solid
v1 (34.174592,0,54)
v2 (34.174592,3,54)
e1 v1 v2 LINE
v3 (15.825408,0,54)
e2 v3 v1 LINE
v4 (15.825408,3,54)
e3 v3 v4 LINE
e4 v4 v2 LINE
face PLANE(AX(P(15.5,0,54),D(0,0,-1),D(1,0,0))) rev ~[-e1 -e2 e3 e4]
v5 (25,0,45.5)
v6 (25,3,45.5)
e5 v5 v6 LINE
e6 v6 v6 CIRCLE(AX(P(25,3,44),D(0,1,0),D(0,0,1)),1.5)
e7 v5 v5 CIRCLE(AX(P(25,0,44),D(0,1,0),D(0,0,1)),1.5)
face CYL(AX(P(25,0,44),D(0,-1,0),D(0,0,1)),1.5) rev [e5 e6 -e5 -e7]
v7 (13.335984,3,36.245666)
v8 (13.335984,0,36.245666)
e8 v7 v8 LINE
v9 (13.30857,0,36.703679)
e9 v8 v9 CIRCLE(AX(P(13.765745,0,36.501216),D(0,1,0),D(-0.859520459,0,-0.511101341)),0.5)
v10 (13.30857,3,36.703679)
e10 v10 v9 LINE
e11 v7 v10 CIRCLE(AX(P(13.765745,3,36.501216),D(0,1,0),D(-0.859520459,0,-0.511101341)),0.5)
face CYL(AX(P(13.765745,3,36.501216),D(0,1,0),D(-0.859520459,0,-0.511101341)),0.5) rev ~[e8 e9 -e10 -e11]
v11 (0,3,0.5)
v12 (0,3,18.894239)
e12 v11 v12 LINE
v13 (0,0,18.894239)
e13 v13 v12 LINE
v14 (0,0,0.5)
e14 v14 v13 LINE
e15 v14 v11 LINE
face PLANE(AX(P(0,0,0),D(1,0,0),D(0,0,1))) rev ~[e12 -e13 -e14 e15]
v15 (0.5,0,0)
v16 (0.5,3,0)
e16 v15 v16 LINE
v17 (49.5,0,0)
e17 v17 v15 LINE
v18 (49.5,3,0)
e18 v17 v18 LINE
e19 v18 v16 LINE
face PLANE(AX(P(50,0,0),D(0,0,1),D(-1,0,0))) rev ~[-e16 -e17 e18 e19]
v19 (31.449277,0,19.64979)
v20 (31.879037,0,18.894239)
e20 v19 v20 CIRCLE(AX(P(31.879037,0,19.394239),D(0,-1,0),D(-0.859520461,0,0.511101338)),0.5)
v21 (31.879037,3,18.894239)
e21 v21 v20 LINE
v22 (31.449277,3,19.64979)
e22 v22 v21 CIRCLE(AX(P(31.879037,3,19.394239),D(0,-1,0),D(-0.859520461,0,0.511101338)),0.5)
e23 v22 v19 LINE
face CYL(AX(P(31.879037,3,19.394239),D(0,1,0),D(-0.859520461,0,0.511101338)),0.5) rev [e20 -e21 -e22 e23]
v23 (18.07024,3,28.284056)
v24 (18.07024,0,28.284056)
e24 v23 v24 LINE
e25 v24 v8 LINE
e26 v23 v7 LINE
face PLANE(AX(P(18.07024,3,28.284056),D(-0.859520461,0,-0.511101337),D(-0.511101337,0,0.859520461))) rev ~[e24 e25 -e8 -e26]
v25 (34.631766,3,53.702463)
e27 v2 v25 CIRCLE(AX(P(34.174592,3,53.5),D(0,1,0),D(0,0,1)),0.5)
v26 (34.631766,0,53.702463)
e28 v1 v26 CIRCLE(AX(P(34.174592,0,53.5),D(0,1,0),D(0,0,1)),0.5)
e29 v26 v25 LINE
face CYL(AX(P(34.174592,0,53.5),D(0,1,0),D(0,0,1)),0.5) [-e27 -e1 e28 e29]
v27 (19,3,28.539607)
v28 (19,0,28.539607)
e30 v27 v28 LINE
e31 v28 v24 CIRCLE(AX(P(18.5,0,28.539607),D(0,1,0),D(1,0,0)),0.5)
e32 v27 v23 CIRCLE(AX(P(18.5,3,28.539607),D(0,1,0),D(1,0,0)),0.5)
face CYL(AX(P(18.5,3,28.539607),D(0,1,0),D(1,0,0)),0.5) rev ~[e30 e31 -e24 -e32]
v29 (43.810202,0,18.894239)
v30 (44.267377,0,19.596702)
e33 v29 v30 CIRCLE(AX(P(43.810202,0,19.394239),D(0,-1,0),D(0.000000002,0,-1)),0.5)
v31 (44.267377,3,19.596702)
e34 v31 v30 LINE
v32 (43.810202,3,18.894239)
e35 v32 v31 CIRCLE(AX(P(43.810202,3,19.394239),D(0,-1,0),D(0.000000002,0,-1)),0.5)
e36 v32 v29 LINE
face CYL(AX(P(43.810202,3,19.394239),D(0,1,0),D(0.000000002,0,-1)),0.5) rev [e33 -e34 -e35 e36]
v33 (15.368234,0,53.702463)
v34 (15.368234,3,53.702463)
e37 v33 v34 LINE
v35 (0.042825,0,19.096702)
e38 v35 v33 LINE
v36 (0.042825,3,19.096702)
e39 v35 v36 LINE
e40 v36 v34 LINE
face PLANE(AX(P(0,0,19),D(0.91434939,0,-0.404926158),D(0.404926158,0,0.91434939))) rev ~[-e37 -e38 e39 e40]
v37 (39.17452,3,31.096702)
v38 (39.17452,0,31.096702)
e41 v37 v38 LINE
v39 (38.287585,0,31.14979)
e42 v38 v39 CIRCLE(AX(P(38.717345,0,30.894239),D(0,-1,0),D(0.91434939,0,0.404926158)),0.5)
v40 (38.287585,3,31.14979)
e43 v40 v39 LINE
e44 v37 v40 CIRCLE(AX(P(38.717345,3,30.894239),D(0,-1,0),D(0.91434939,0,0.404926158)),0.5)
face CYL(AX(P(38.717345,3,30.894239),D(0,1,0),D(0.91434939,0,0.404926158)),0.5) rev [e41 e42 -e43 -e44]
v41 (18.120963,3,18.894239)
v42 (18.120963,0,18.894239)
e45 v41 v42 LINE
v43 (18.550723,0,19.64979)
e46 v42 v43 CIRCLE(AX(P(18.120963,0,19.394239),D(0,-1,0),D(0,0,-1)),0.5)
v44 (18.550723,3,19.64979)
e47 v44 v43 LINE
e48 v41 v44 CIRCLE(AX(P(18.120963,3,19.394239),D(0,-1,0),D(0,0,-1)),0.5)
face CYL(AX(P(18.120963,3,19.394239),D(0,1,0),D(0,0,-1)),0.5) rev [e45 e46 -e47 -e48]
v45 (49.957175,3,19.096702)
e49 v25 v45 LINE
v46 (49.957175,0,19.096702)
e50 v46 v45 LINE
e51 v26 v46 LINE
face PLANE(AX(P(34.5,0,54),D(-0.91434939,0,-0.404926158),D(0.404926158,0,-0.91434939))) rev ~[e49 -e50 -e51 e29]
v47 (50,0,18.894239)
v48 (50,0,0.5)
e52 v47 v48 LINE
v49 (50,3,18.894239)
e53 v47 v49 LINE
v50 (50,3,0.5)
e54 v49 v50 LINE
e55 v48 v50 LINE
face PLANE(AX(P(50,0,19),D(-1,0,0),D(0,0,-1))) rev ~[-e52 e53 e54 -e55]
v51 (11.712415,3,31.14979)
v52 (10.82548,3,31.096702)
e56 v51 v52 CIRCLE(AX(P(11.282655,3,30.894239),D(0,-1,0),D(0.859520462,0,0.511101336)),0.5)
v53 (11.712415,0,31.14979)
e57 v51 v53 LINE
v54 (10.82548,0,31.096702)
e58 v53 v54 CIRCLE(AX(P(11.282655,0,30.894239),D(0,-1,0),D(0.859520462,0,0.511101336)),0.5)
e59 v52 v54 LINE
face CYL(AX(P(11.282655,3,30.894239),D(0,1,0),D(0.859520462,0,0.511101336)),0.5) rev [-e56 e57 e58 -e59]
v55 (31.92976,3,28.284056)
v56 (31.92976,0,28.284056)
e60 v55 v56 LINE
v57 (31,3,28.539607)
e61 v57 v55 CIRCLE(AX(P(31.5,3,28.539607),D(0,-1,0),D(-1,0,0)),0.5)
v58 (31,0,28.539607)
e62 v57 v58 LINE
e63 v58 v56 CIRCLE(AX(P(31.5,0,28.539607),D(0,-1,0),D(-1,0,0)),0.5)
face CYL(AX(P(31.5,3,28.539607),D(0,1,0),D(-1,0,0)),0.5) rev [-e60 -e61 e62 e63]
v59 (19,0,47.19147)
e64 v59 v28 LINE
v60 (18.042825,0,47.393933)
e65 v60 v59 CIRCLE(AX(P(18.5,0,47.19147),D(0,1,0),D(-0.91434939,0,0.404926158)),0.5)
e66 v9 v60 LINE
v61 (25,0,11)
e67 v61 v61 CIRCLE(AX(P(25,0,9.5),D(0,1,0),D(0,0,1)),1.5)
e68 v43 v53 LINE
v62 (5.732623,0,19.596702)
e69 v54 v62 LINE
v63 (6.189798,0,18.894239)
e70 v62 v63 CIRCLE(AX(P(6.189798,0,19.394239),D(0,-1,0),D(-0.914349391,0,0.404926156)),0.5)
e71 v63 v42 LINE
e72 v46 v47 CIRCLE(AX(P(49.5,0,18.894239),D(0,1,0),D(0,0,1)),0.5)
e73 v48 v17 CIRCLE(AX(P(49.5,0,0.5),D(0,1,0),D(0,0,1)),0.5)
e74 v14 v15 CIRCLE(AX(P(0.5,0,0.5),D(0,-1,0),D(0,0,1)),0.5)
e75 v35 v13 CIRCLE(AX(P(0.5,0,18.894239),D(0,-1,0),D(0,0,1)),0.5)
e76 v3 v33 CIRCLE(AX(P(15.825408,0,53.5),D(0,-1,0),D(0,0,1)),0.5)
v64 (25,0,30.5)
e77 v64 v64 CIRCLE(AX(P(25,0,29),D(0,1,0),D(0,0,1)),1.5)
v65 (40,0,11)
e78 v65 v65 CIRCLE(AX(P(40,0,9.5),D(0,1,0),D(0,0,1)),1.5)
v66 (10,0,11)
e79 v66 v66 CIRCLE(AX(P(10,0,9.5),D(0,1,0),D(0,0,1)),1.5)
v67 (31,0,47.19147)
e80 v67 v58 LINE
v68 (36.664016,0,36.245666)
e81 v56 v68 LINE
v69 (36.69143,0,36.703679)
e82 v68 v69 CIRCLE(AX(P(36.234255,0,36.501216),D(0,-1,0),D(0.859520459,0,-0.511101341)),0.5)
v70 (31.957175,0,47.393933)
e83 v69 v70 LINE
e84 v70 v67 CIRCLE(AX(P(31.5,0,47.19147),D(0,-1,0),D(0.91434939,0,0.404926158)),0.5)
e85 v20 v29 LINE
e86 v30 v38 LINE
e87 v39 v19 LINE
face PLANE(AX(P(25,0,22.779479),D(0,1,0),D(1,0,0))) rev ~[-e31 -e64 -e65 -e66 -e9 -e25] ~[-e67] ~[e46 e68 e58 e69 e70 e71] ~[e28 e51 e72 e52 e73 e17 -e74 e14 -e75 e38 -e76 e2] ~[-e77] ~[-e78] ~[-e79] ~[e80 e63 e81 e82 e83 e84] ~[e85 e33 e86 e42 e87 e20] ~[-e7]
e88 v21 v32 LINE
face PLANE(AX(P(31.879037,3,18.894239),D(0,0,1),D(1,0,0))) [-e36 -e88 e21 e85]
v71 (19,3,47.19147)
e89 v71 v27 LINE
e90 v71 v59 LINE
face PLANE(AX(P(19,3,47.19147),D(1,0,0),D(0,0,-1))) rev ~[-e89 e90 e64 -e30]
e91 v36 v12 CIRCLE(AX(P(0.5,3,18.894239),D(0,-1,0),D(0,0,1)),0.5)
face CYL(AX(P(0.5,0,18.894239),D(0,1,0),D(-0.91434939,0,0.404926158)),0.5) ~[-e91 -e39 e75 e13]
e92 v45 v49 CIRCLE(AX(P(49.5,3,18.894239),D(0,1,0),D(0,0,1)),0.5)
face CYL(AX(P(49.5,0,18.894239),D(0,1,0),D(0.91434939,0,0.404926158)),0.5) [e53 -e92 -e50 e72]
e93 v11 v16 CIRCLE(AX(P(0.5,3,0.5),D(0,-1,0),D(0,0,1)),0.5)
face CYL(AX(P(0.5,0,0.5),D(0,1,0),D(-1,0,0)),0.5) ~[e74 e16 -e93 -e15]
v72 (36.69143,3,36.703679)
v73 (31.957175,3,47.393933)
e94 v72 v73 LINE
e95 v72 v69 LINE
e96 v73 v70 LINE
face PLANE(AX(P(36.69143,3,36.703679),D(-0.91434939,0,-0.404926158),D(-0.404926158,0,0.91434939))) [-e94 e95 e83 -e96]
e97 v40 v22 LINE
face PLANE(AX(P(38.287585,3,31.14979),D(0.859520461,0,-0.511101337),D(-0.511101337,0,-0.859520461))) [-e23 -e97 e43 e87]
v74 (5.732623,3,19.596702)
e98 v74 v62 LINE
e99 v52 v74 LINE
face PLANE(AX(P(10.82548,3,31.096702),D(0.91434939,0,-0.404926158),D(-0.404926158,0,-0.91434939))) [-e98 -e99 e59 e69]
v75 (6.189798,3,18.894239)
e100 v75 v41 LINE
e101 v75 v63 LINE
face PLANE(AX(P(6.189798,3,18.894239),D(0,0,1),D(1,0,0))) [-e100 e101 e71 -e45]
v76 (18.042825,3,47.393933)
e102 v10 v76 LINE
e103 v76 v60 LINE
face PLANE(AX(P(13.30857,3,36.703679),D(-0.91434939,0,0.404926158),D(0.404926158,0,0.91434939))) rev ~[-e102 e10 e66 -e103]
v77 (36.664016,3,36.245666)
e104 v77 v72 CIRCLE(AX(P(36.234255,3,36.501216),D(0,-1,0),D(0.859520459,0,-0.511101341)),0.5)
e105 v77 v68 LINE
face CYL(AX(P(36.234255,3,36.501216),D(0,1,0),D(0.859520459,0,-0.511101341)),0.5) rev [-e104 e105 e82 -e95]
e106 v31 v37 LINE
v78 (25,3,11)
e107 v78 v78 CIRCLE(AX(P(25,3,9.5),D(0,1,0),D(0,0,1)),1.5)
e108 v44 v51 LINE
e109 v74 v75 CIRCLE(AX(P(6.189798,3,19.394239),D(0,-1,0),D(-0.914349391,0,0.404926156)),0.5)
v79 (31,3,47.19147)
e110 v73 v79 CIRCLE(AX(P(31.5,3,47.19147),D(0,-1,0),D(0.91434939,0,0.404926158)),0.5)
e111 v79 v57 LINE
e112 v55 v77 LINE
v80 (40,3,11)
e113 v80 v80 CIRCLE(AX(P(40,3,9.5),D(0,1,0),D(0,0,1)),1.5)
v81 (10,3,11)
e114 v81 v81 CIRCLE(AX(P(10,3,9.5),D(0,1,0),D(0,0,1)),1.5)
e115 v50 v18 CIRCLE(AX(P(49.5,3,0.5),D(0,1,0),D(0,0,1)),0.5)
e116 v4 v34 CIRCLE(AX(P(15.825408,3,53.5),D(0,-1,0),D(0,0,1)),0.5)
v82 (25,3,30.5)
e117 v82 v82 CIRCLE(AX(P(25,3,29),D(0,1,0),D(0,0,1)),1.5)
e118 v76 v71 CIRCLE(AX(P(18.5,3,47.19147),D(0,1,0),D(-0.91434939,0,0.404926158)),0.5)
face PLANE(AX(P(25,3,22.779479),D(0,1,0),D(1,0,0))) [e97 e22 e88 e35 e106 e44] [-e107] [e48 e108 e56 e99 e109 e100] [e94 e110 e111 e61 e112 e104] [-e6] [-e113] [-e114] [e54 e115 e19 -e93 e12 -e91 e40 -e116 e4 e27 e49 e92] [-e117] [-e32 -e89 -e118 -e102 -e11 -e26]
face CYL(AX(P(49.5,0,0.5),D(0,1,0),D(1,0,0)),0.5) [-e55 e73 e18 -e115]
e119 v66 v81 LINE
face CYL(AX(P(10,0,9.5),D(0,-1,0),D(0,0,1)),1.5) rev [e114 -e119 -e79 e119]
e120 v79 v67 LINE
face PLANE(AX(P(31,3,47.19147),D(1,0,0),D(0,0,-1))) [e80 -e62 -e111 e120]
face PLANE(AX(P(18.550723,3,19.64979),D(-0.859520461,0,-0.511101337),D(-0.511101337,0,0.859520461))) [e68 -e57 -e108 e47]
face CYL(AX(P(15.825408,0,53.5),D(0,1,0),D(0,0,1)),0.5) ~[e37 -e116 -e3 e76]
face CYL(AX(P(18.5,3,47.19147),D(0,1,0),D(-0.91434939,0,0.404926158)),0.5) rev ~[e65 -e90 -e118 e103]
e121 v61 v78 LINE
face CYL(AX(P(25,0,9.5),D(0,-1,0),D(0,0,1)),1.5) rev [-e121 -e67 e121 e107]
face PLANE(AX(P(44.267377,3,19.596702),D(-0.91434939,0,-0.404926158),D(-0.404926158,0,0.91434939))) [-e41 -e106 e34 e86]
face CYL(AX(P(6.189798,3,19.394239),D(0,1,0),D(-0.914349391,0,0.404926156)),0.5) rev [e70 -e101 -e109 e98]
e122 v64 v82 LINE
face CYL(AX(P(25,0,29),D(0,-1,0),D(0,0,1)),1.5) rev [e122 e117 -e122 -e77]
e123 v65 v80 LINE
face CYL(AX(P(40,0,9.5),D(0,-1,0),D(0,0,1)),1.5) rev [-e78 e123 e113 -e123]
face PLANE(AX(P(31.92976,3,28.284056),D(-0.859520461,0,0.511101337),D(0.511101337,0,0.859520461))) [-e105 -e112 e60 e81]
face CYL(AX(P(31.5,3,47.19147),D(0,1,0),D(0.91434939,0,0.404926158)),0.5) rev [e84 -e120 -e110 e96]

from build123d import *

# Parameters (mm, degrees)
SKETCH1_R           = 1.5
BOSS_EXTRUDE2_DEPTH = 3
FILLET1_R           = 0.5
CUT_EXTRUDE1_DEPTH  = 3


with BuildPart() as part:
    # Sketch1 → Boss-Extrude2 (new body)
    with BuildSketch(Plane(origin=(0, 0, 0), x_dir=(1, 0, 0), z_dir=(0, 1, 0))):
        Polygon((15.5, -54), (34.5, -54), (50, -19), (50, 0), (0, 0), (0, -19), align=None)
        with Locations(Location((10, -9.5, 0), (0, 0, 270))):
            Circle(SKETCH1_R, mode=Mode.SUBTRACT)
        with Locations(Location((40, -9.5, 0), (0, 0, 270))):
            Circle(SKETCH1_R, mode=Mode.SUBTRACT)
        with Locations(Location((25, -44, 0), (0, 0, 270))):
            Circle(SKETCH1_R, mode=Mode.SUBTRACT)
        with Locations(Location((25, -29, 0), (0, 0, 270))):
            Circle(SKETCH1_R, mode=Mode.SUBTRACT)
        with Locations(Location((25, -9.5, 0), (0, 0, 270))):
            Circle(SKETCH1_R, mode=Mode.SUBTRACT)
    extrude(amount=BOSS_EXTRUDE2_DEPTH)

    # Fillet1
    fillet1_edges = [part.edges().sort_by_distance(p)[0] for p in [
        (50, 1.5, 0),
        (50, 1.5, 19),
        (34.5, 1.5, 54),
        (15.5, 1.5, 54),
        (0, 1.5, 19),
        (0, 1.5, 0),
    ]]
    fillet(fillet1_edges, radius=FILLET1_R)

    # Sketch2 → Cut-Extrude1 (cut)
    with BuildSketch(Plane(origin=(0, 3, 0), x_dir=(1, 0, 0), z_dir=(0, 1, 0))):
        with BuildLine():
            Line((6.189797727, -18.894239223), (18.120962557, -18.894239223))
            ThreePointArc((18.120962557, -18.894239223), (18.555574645, -19.147030136), (18.550722787, -19.649789891))
            Line((18.550722787, -19.649789891), (11.712415101, -31.149789891))
            ThreePointArc((11.712415101, -31.149789891), (11.25278078, -31.393345964), (10.825480175, -31.096702302))
            Line((10.825480175, -31.096702302), (5.732623032, -19.596702302))
            ThreePointArc((5.732623032, -19.596702302), (5.770732375, -19.121504498), (6.189797727, -18.894239223))
        make_face()
        with BuildLine():
            Line((18.070239769, -28.284056063), (13.335984482, -36.245665617))
            ThreePointArc((13.335984482, -36.245665617), (13.266637971, -36.471342196), (13.308570017, -36.703679365))
            Line((13.308570017, -36.703679365), (18.042825305, -47.39393324))
            ThreePointArc((18.042825305, -47.39393324), (18.603471379, -47.680646687), (19, -47.191470161))
            Line((19, -47.191470161), (19, -28.539606732))
            ThreePointArc((19, -28.539606732), (18.632513933, -28.057486355), (18.070239769, -28.284056063))
        make_face()
        with BuildLine():
            Line((38.287584899, -31.149789891), (31.449277213, -19.649789891))
            ThreePointArc((31.449277213, -19.649789891), (31.444425355, -19.147030136), (31.879037443, -18.894239223))
            Line((31.879037443, -18.894239223), (43.810202273, -18.894239223))
            ThreePointArc((43.810202273, -18.894239223), (44.229267625, -19.121504498), (44.267376968, -19.596702302))
            Line((44.267376968, -19.596702302), (39.174519825, -31.096702302))
            ThreePointArc((39.174519825, -31.096702302), (38.74721922, -31.393345964), (38.287584899, -31.149789891))
        make_face()
        with BuildLine():
            Line((31, -47.191470161), (31, -28.539606732))
            ThreePointArc((31, -28.539606732), (31.367486067, -28.057486355), (31.929760231, -28.284056063))
            Line((31.929760231, -28.284056063), (36.664015518, -36.245665617))
            ThreePointArc((36.664015518, -36.245665617), (36.733362029, -36.471342196), (36.691429983, -36.703679365))
            Line((36.691429983, -36.703679365), (31.957174695, -47.39393324))
            ThreePointArc((31.957174695, -47.39393324), (31.396528621, -47.680646687), (31, -47.191470161))
        make_face()
    extrude(amount=-CUT_EXTRUDE1_DEPTH, mode=Mode.SUBTRACT)


solid = part.part
